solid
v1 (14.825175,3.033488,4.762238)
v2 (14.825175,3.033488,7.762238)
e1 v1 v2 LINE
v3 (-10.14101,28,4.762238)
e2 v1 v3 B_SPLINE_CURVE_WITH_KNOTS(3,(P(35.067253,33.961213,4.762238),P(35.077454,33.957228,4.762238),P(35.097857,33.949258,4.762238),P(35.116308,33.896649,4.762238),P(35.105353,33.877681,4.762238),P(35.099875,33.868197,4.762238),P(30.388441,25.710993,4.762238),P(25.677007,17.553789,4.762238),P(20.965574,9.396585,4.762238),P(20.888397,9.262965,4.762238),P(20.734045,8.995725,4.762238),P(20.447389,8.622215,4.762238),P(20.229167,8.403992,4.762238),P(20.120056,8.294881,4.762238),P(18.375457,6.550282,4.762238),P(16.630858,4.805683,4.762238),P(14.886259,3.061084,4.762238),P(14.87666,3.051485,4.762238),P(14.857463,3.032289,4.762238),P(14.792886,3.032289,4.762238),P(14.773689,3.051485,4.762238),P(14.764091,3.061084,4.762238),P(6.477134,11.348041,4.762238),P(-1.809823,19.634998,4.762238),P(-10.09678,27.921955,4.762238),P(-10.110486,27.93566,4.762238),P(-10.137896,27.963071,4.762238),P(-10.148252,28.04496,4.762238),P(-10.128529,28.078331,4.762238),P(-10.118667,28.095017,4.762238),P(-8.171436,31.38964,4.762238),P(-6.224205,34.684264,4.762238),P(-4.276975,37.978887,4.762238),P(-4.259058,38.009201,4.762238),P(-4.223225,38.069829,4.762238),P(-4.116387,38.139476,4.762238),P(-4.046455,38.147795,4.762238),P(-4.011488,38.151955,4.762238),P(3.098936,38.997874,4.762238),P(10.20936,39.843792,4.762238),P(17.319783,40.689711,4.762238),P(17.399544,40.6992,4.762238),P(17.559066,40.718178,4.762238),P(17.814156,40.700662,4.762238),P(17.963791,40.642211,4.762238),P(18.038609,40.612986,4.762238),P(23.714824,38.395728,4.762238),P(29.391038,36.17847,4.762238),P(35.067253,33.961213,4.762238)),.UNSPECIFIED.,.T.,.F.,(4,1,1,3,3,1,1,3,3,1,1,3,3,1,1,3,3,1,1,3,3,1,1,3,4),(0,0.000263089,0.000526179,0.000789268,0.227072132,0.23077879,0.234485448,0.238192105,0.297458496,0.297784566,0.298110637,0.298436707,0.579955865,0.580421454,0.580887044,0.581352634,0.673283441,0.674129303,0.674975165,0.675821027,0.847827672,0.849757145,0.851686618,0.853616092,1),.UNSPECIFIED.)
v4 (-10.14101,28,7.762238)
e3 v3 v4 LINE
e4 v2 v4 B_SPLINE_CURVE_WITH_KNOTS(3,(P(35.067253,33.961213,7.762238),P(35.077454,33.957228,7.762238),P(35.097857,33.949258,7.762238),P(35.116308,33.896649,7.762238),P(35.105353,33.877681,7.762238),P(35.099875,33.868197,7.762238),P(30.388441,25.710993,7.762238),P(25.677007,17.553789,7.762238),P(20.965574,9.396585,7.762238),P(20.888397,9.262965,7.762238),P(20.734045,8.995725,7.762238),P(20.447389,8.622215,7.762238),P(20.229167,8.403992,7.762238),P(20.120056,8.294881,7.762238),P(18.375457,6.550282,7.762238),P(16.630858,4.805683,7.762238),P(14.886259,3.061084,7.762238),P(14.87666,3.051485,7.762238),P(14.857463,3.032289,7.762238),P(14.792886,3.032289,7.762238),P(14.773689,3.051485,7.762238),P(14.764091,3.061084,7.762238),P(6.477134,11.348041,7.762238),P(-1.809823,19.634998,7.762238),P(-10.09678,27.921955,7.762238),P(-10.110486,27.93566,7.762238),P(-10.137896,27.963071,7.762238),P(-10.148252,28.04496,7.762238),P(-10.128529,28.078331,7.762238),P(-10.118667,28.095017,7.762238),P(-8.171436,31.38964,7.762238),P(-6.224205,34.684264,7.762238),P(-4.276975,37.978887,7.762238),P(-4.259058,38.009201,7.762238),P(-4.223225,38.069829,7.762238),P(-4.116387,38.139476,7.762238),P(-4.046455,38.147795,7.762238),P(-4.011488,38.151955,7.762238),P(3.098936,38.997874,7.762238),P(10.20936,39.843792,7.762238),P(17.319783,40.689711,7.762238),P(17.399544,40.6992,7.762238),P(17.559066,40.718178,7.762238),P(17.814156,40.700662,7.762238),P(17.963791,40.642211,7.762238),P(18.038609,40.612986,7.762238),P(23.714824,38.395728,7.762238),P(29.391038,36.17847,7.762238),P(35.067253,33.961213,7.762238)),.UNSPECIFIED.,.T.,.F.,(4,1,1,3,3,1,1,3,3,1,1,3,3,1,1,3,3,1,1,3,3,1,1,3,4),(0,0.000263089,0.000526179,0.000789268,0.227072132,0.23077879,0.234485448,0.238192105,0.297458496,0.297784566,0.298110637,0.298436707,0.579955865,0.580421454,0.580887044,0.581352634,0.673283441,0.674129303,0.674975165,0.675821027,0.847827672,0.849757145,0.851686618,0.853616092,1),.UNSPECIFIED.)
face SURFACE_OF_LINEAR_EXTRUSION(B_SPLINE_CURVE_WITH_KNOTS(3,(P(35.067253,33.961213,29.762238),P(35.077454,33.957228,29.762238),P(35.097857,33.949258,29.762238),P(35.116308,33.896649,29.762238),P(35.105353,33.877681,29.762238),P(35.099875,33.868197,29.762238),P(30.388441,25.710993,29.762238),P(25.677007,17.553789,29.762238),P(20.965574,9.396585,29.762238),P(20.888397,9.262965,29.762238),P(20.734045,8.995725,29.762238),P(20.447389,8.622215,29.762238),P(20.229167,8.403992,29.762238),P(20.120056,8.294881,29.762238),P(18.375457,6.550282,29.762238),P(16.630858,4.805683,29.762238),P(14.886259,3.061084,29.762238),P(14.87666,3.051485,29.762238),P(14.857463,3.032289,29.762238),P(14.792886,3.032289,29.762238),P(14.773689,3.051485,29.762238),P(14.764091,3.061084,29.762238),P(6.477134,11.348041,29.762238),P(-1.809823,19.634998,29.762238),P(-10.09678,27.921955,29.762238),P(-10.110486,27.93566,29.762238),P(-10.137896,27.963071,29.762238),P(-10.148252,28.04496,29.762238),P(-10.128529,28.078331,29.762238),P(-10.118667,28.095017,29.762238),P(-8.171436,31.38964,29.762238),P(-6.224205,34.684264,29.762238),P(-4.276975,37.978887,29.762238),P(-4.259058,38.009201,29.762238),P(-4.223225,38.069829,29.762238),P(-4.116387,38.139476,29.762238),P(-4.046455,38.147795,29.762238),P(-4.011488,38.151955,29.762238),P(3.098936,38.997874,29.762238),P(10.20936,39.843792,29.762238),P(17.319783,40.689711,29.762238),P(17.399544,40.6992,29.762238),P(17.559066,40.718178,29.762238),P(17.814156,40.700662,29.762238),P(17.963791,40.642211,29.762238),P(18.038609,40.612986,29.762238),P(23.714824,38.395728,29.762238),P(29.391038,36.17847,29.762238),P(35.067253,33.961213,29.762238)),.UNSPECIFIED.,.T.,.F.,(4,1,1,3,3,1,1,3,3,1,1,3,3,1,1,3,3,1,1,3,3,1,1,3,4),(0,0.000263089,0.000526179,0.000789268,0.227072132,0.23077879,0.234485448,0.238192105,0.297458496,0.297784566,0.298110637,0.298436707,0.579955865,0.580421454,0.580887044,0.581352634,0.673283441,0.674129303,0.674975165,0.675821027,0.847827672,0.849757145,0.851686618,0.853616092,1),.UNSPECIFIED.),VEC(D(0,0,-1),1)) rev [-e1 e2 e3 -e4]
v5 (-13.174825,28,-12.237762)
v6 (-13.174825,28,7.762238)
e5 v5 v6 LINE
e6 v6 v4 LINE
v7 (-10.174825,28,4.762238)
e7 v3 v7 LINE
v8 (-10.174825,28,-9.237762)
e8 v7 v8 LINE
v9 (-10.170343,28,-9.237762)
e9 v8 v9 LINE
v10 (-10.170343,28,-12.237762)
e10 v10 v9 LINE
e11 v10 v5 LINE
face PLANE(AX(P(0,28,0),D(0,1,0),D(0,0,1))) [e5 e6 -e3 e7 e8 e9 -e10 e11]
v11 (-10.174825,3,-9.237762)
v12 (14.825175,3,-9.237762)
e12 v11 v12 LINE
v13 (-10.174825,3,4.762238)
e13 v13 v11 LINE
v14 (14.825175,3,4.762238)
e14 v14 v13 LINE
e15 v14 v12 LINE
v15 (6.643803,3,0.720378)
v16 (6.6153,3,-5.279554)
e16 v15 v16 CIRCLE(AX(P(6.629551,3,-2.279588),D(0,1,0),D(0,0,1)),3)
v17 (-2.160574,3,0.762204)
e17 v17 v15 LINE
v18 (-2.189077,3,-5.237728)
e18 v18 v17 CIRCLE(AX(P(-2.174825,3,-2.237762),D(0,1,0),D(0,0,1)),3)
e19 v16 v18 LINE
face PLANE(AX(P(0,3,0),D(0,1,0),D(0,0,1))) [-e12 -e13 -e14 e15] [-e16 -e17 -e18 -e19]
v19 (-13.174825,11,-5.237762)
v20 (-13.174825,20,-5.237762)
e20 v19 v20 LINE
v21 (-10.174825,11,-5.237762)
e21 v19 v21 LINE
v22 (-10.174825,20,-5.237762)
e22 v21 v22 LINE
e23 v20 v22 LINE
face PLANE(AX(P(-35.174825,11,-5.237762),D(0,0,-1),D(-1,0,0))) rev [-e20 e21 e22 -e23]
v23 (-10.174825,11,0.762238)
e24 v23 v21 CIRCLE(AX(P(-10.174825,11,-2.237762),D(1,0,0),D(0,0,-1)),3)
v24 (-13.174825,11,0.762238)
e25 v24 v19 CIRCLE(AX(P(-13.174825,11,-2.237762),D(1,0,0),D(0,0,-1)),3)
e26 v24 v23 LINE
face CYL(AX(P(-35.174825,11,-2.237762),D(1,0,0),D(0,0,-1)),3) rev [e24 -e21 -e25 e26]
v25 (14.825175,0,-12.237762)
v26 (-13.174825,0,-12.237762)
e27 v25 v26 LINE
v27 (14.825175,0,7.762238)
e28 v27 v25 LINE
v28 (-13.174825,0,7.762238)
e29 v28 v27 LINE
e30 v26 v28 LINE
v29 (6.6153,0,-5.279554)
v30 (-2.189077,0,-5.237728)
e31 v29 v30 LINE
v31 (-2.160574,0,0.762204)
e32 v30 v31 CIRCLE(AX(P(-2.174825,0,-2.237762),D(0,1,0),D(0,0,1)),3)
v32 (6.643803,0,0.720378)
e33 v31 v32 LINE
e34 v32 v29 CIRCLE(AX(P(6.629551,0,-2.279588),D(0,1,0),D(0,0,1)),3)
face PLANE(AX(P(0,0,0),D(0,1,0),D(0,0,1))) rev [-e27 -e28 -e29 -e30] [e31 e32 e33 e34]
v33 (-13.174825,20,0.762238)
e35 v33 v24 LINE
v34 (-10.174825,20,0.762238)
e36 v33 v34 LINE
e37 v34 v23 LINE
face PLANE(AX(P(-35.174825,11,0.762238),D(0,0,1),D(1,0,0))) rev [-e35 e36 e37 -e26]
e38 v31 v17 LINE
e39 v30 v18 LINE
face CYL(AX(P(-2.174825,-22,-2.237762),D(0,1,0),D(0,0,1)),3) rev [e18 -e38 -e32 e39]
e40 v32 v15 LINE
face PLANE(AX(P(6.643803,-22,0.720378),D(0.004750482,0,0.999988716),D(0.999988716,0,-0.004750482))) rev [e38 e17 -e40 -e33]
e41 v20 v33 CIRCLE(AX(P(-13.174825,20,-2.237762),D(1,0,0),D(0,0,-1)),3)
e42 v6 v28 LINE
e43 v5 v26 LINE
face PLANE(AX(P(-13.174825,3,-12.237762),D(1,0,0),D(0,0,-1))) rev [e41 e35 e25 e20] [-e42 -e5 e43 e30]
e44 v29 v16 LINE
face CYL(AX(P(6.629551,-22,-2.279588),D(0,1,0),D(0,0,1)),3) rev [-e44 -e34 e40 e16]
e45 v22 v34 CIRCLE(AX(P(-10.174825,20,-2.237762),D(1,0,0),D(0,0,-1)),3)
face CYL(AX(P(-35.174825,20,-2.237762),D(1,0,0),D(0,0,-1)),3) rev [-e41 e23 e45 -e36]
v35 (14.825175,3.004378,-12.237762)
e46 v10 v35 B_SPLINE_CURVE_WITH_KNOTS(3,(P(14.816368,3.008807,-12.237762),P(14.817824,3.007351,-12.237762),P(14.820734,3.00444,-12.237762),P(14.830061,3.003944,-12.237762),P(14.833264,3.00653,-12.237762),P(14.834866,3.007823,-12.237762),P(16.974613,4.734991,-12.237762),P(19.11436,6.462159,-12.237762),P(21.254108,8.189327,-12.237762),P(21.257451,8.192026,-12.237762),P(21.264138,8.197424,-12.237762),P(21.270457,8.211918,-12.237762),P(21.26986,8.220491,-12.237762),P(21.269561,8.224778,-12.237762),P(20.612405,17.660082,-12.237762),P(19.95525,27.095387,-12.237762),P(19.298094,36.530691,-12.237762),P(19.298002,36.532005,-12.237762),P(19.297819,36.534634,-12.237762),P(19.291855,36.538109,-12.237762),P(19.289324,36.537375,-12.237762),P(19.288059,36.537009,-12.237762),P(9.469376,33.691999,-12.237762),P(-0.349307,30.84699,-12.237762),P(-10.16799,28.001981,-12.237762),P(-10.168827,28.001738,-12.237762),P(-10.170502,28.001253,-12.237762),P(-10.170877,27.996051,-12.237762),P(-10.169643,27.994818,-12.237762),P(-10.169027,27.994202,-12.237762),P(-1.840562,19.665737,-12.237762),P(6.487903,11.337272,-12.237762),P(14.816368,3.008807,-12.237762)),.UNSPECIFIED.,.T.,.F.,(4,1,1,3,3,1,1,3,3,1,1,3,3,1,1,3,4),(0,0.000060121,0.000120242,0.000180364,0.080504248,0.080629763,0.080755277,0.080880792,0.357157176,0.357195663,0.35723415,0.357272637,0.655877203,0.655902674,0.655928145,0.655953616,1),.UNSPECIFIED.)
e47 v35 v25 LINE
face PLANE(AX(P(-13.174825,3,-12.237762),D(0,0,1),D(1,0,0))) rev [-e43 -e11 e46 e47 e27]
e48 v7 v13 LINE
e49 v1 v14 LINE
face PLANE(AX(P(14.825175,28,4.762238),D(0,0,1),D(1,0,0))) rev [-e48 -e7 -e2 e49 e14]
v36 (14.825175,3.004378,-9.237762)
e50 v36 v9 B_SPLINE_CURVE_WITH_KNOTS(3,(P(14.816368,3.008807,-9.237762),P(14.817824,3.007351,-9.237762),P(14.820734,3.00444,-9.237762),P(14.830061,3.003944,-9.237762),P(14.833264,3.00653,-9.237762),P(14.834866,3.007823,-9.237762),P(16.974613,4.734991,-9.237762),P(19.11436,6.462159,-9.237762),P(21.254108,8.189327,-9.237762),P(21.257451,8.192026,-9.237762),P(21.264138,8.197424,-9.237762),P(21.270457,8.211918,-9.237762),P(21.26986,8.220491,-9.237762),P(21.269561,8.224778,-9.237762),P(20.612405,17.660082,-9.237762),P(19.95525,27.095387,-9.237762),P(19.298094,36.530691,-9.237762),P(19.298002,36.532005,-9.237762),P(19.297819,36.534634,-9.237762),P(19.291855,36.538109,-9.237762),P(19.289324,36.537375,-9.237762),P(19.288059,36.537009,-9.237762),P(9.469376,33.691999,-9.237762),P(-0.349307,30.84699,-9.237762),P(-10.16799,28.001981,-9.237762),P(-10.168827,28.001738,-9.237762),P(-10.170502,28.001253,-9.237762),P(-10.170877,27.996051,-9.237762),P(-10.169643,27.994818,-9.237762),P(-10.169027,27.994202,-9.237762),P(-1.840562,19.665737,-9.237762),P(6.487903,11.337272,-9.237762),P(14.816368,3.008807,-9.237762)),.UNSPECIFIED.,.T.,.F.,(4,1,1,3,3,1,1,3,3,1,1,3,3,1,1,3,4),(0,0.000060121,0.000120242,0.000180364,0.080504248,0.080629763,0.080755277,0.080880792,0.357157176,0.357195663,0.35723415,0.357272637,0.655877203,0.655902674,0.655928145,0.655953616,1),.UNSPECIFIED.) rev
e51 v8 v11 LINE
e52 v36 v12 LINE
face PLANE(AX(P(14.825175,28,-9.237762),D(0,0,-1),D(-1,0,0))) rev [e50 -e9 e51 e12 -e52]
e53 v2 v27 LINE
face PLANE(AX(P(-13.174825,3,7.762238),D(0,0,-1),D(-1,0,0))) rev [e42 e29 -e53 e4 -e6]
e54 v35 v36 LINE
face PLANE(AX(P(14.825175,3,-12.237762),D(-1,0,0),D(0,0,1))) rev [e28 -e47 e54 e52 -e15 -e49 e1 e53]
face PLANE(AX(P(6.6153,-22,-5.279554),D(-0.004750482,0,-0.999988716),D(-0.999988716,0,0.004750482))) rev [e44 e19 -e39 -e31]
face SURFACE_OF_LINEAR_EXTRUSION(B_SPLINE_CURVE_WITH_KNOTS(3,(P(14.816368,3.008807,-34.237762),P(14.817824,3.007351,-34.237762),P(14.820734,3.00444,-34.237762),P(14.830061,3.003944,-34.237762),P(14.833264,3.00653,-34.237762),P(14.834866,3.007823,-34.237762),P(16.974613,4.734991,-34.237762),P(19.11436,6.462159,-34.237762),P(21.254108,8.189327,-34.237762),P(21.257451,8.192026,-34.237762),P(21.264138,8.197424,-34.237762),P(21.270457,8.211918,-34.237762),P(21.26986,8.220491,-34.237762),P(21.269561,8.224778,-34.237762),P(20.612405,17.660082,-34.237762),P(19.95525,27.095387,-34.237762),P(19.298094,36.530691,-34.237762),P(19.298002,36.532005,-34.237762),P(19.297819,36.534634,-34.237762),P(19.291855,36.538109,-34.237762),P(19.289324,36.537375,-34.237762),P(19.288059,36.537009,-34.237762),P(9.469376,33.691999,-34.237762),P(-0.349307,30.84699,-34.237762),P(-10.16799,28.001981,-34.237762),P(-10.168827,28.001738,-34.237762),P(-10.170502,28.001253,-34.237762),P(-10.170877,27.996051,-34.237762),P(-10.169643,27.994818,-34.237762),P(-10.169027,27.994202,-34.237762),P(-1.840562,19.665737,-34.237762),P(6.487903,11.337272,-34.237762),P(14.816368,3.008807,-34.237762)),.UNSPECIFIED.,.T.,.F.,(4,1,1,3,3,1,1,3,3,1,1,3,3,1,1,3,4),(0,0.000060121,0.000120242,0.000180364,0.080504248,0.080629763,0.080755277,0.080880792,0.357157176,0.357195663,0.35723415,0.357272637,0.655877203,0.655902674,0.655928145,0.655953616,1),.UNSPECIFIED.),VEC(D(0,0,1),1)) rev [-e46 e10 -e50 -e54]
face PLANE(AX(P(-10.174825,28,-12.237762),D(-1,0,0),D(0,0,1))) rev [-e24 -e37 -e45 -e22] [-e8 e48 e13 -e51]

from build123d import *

# Parameters (mm, degrees)
SKETCH1_W           = 28
SKETCH1_H           = 20
BOSS_EXTRUDE1_DEPTH = 3
SKETCH2_W           = 3
SKETCH2_H           = 20
BOSS_EXTRUDE2_DEPTH = 25
SKETCH3_W           = 25
SKETCH3_H           = 3
BOSS_EXTRUDE3_DEPTH = 25
CUT_EXTRUDE1_DEPTH  = 25
CUT_EXTRUDE2_DEPTH  = 25
CUT_EXTRUDE3_DEPTH  = 25
CUT_EXTRUDE4_DEPTH  = 25


with BuildPart() as part:
    # Sketch1 → Boss-Extrude1 (new body)
    with BuildSketch(Plane(origin=(0, 0, 0), x_dir=(1, 0, 0), z_dir=(0, 1, 0))):
        with Locations((0.825174825, 2.237762238)):
            Rectangle(SKETCH1_W, SKETCH1_H)
    extrude(amount=BOSS_EXTRUDE1_DEPTH)

    # Sketch2 → Boss-Extrude2 (add)
    with BuildSketch(Plane(origin=(0, 3, 0), x_dir=(1, 0, 0), z_dir=(0, 1, 0))):
        with Locations((-11.674825175, 2.237762238)):
            Rectangle(SKETCH2_W, SKETCH2_H)
    extrude(amount=BOSS_EXTRUDE2_DEPTH)

    # Sketch3 → Boss-Extrude3 (add)
    with BuildSketch(Plane(origin=(0, 3, 0), x_dir=(1, 0, 0), z_dir=(0, 1, 0))):
        with Locations((2.325174825, -6.262237762)):
            Rectangle(SKETCH3_W, SKETCH3_H)
        with Locations((2.325174825, 10.737762238)):
            Rectangle(SKETCH3_W, SKETCH3_H)
    extrude(amount=BOSS_EXTRUDE3_DEPTH)

    # Sketch4 → Cut-Extrude1 (cut)
    with BuildSketch(Plane.XY.offset(-9.237762238)):
        with BuildLine():
            add(Edge.make_bspline(
                [(14.816368242, 3.008806583), (6.487903216, 11.337271609), (-1.840561809, 19.665736635), (-10.169026835, 27.99420166), (-10.16964342, 27.994818245), (-10.170781245, 27.99595607), (-10.170656704, 27.998996051), (-10.170343396, 28)],
                knots=[0, 0, 0, 0, 0.344046384, 0.344046384, 0.344046384, 0.344071855, 0.344093387, 0.344093387, 0.344093387, 0.344093387], degree=3))
            add(Edge.make_bspline(
                [(14.825174825, 3.004378162), (14.823896916, 3.004464678), (14.819965163, 3.005209662), (14.817823619, 3.007351206), (14.816368242, 3.008806583)],
                knots=[0.999911533, 0.999911533, 0.999911533, 0.999911533, 0.999939879, 1, 1, 1, 1], degree=3))
            Line((14.825174825, 3.004378162), (14.825174825, 28))
            Line((14.825174825, 28), (-10.170343396, 28))
        make_face()
    extrude(amount=-CUT_EXTRUDE1_DEPTH, mode=Mode.SUBTRACT)

    # Sketch5 → Cut-Extrude2 (cut)
    with BuildSketch(Plane(origin=(0, 0, 4.762237762), x_dir=(-1, 0, 0), z_dir=(0, 0, -1))):
        with BuildLine():
            add(Edge.make_bspline(
                [(-35.067252589, 33.961212886), (-29.391038068, 36.178470487), (-23.714823548, 38.395728089), (-18.038609027, 40.612985691), (-17.963791349, 40.642211165), (-17.814155994, 40.700662115), (-17.559065615, 40.718177611), (-17.399544187, 40.699199542), (-17.319783474, 40.689710508), (-10.209359532, 39.843792085), (-3.09893559, 38.997873662), (4.011488351, 38.151955239), (4.046454663, 38.14779534), (4.116387287, 38.139475541), (4.223224946, 38.0698289), (4.25905817, 38.009200763), (4.276974782, 37.978886695), (6.22420547, 34.684263552), (8.171436157, 31.389640408), (10.118666845, 28.095017265), (10.128528722, 28.078331431), (10.148252475, 28.044959763), (10.137896266, 27.963071091), (10.11048555, 27.935660375), (10.096780192, 27.921955017), (1.809823102, 19.634997927), (-6.477133988, 11.348040838), (-14.764091077, 3.061083748), (-14.773689462, 3.051485363), (-14.792886232, 3.032288593), (-14.857463418, 3.032288593), (-14.876660188, 3.051485363), (-14.886258573, 3.061083748), (-16.63085756, 4.805682735), (-18.375456547, 6.550281721), (-20.120055533, 8.294880708), (-20.229166807, 8.403991982), (-20.447389354, 8.622214529), (-20.734044746, 8.995724629), (-20.888397332, 9.262965044), (-20.965573625, 9.396585251), (-25.677007414, 17.553789146), (-30.388441203, 25.71099304), (-35.099874992, 33.868196935), (-35.105352774, 33.877680966), (-35.116308338, 33.896649028), (-35.097857424, 33.949257946), (-35.077454201, 33.957227906), (-35.067252589, 33.961212886)],
                knots=[0, 0, 0, 0, 0.146383908, 0.146383908, 0.146383908, 0.148313382, 0.150242855, 0.152172328, 0.152172328, 0.152172328, 0.324178973, 0.324178973, 0.324178973, 0.325024835, 0.325870697, 0.326716559, 0.326716559, 0.326716559, 0.418647366, 0.418647366, 0.418647366, 0.419112956, 0.419578546, 0.420044135, 0.420044135, 0.420044135, 0.701563293, 0.701563293, 0.701563293, 0.701889363, 0.702215434, 0.702541504, 0.702541504, 0.702541504, 0.761807895, 0.761807895, 0.761807895, 0.765514552, 0.76922121, 0.772927868, 0.772927868, 0.772927868, 0.999210732, 0.999210732, 0.999210732, 0.999473821, 0.999736911, 1, 1, 1, 1], degree=3))
        make_face()
    extrude(amount=-CUT_EXTRUDE2_DEPTH, mode=Mode.SUBTRACT)

    # Sketch6 → Cut-Extrude3 (cut)
    with BuildSketch(Plane(origin=(-10.174825175, 0, 0), x_dir=(0, 0, -1), z_dir=(1, 0, 0))):
        with BuildLine():
            Line((-0.762237762, 11), (-0.762237762, 20))
            ThreePointArc((-0.762237762, 20), (2.237762238, 23), (5.237762238, 20))
            Line((5.237762238, 20), (5.237762238, 11))
            ThreePointArc((5.237762238, 11), (2.237762238, 8), (-0.762237762, 11))
        make_face()
    extrude(amount=-CUT_EXTRUDE3_DEPTH, mode=Mode.SUBTRACT)

    # Sketch7 → Cut-Extrude4 (cut)
    with BuildSketch(Plane(origin=(0, 3, 0), x_dir=(1, 0, 0), z_dir=(0, 1, 0))):
        with BuildLine():
            Line((6.643802614, -0.720378412), (-2.16057373, -0.762203911))
            ThreePointArc((-2.16057373, -0.762203911), (-5.174791324, 2.223510793), (-2.189076619, 5.237728387))
            Line((-2.189076619, 5.237728387), (6.615299725, 5.279553886))
            ThreePointArc((6.615299725, 5.279553886), (9.629517318, 2.293839181), (6.643802614, -0.720378412))
        make_face()
    extrude(amount=-CUT_EXTRUDE4_DEPTH, mode=Mode.SUBTRACT)


solid = part.part
